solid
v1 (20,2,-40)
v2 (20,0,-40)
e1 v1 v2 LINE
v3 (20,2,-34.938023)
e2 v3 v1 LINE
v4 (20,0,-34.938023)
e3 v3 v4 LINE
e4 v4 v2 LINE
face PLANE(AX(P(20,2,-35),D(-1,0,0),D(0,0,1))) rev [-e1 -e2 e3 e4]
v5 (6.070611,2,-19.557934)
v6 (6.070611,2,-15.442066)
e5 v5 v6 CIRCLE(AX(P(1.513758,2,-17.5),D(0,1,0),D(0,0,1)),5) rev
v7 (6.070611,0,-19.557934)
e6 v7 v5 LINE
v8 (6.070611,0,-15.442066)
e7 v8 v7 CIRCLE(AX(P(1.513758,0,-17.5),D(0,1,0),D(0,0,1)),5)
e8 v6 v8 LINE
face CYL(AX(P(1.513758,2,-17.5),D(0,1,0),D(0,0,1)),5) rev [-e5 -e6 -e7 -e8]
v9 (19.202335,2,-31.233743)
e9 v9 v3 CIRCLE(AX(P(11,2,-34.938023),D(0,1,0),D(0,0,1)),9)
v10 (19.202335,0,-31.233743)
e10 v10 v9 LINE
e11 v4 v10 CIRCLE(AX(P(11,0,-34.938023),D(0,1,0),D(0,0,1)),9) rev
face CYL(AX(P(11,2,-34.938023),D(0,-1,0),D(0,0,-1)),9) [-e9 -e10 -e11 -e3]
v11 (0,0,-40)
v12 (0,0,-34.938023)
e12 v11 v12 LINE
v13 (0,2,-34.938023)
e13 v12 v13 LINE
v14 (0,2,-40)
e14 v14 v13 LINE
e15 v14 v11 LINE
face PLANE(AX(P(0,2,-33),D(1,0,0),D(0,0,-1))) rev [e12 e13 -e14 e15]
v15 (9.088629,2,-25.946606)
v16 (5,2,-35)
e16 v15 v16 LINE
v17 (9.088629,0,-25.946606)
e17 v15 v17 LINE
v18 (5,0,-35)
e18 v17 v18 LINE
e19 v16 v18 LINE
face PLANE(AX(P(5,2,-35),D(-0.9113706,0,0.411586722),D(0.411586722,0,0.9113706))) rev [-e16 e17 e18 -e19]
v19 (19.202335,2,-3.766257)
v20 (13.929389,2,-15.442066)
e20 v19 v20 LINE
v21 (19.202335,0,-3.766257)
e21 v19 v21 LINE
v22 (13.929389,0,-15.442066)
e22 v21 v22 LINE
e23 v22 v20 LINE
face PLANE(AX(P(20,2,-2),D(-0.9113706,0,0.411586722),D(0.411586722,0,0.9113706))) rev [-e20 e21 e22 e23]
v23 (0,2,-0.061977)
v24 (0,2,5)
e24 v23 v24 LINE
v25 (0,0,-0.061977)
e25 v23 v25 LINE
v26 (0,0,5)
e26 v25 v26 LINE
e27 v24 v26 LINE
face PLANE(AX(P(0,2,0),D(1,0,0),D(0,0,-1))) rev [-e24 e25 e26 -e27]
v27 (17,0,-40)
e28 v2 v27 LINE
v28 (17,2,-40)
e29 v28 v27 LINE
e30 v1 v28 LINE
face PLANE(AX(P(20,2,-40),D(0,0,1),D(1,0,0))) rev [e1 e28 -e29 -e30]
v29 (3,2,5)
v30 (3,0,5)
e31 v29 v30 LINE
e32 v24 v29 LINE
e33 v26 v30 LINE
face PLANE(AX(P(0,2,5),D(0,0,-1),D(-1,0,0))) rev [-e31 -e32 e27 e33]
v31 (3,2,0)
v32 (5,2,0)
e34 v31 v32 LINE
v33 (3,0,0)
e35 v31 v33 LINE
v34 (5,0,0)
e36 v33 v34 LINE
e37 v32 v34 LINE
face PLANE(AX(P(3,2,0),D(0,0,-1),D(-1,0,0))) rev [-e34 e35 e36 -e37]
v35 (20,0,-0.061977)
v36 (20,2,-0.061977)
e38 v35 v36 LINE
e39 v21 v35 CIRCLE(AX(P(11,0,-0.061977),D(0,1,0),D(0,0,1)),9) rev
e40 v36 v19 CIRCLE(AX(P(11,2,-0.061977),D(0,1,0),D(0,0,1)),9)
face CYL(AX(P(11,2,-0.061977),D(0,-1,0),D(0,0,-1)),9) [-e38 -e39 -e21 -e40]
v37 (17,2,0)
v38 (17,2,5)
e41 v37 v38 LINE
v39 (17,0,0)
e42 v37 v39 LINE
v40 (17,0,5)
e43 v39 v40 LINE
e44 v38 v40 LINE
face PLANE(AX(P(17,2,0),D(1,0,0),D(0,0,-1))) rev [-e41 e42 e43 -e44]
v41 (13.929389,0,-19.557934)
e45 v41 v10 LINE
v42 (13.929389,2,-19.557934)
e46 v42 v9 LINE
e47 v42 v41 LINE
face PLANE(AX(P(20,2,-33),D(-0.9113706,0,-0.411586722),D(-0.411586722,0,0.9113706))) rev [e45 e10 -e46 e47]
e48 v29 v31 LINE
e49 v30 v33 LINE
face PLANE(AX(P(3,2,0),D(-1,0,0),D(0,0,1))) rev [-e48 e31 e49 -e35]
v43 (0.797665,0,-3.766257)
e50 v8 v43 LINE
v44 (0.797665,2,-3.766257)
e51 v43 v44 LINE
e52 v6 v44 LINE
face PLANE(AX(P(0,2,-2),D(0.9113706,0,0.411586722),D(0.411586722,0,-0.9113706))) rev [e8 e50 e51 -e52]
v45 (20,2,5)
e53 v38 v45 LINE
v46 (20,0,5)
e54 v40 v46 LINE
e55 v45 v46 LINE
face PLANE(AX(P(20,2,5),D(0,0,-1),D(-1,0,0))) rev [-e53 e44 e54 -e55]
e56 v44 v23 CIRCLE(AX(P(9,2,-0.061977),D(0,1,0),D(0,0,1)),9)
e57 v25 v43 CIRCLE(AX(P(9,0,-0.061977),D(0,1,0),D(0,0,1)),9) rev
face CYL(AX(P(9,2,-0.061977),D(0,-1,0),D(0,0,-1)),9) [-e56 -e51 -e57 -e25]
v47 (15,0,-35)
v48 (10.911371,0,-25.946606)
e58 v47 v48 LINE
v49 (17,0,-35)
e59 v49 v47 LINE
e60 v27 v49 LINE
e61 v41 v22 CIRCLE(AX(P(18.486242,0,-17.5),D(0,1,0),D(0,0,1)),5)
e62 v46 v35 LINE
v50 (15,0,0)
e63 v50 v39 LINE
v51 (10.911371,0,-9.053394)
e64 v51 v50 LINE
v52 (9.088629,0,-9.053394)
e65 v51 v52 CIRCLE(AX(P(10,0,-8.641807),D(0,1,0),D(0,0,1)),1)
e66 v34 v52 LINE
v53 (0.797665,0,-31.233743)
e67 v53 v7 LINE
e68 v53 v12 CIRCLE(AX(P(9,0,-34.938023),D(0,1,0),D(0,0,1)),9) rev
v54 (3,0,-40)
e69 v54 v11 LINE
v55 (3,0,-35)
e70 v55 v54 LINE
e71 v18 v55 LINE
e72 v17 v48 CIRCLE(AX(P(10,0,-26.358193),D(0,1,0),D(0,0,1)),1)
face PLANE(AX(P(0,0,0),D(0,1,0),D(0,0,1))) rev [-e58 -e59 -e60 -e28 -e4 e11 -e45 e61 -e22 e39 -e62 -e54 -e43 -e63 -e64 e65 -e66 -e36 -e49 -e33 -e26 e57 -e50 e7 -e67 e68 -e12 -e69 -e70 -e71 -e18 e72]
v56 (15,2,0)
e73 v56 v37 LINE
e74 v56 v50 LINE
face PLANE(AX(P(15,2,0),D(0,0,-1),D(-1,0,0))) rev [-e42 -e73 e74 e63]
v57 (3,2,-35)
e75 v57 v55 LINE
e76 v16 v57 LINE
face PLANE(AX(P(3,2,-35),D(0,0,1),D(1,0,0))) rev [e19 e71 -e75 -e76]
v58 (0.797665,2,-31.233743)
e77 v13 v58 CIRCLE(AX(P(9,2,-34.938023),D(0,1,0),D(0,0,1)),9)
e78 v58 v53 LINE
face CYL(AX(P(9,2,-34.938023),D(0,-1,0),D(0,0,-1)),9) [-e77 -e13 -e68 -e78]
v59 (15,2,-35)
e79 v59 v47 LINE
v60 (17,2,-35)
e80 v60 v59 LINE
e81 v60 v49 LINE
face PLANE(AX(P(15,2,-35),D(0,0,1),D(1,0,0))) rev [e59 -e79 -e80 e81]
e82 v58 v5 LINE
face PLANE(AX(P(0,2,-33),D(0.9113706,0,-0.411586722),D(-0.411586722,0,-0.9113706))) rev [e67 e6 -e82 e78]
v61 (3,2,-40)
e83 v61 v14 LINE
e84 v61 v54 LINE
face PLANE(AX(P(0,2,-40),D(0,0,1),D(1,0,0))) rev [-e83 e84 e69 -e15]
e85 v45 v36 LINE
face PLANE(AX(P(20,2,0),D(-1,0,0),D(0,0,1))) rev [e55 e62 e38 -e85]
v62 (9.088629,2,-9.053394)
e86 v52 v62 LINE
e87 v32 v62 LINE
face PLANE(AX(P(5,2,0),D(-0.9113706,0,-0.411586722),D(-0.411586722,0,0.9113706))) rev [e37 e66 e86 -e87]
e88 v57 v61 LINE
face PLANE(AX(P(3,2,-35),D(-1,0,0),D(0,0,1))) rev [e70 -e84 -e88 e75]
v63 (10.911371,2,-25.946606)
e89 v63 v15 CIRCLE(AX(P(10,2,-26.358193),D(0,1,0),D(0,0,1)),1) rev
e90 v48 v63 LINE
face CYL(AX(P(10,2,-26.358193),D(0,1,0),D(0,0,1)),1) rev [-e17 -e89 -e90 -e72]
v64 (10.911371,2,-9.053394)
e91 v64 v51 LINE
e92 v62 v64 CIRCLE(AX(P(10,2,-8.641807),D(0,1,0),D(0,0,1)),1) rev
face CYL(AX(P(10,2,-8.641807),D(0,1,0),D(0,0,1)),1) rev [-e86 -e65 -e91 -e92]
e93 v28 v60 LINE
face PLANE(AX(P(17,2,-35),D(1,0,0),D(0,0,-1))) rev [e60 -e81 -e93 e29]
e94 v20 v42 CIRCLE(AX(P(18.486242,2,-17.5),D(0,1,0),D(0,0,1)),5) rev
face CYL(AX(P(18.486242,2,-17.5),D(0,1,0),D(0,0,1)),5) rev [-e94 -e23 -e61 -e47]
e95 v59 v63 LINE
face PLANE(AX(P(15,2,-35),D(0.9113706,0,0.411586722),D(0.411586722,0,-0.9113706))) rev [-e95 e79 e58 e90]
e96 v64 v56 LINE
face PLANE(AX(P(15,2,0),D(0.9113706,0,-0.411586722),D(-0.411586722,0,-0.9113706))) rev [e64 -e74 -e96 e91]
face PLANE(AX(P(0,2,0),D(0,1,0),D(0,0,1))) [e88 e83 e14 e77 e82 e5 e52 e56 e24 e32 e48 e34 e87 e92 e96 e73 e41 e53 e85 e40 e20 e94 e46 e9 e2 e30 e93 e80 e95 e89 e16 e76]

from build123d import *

# Parameters (mm, degrees)
BOSS_EXTRUDE1_DEPTH = 2
FILLET1_R           = 1
FILLET2_R           = 5
FILLET3_R           = 9


with BuildPart() as part:
    # Sketch1 → Boss-Extrude1 (new body)
    with BuildSketch(Plane(origin=(0, 0, 0), x_dir=(1, 0, 0), z_dir=(0, 1, 0))):
        Polygon((3, 0), (5, 0), (10, 11.071428571), (15, 0), (17, 0), (17, -5), (20, -5), (20, 0), (20, 2), (13, 17.5), (20, 33), (20, 35), (20, 40), (17, 40), (17, 35), (15, 35), (10, 23.928571429), (5, 35), (3, 35), (3, 40), (0, 40), (0, 35), (0, 33), (7, 17.5), (0, 2), (0, 0), (0, -5), (3, -5), align=None)
    extrude(amount=BOSS_EXTRUDE1_DEPTH)

    # Fillet1
    fillet1_edges = [part.edges().sort_by_distance(p)[0] for p in [
        (10, 1, -23.928571429),
        (10, 1, -11.071428571),
    ]]
    fillet(fillet1_edges, radius=FILLET1_R)

    # Fillet2
    fillet2_edges = [part.edges().sort_by_distance(p)[0] for p in [
        (7, 1, -17.5),
        (13, 1, -17.5),
    ]]
    fillet(fillet2_edges, radius=FILLET2_R)

    # Fillet3
    fillet3_edges = [part.edges().sort_by_distance(p)[0] for p in [
        (0, 1, -2),
        (0, 1, -33),
        (20, 1, -33),
        (20, 1, -2),
    ]]
    fillet(fillet3_edges, radius=FILLET3_R)


solid = part.part
